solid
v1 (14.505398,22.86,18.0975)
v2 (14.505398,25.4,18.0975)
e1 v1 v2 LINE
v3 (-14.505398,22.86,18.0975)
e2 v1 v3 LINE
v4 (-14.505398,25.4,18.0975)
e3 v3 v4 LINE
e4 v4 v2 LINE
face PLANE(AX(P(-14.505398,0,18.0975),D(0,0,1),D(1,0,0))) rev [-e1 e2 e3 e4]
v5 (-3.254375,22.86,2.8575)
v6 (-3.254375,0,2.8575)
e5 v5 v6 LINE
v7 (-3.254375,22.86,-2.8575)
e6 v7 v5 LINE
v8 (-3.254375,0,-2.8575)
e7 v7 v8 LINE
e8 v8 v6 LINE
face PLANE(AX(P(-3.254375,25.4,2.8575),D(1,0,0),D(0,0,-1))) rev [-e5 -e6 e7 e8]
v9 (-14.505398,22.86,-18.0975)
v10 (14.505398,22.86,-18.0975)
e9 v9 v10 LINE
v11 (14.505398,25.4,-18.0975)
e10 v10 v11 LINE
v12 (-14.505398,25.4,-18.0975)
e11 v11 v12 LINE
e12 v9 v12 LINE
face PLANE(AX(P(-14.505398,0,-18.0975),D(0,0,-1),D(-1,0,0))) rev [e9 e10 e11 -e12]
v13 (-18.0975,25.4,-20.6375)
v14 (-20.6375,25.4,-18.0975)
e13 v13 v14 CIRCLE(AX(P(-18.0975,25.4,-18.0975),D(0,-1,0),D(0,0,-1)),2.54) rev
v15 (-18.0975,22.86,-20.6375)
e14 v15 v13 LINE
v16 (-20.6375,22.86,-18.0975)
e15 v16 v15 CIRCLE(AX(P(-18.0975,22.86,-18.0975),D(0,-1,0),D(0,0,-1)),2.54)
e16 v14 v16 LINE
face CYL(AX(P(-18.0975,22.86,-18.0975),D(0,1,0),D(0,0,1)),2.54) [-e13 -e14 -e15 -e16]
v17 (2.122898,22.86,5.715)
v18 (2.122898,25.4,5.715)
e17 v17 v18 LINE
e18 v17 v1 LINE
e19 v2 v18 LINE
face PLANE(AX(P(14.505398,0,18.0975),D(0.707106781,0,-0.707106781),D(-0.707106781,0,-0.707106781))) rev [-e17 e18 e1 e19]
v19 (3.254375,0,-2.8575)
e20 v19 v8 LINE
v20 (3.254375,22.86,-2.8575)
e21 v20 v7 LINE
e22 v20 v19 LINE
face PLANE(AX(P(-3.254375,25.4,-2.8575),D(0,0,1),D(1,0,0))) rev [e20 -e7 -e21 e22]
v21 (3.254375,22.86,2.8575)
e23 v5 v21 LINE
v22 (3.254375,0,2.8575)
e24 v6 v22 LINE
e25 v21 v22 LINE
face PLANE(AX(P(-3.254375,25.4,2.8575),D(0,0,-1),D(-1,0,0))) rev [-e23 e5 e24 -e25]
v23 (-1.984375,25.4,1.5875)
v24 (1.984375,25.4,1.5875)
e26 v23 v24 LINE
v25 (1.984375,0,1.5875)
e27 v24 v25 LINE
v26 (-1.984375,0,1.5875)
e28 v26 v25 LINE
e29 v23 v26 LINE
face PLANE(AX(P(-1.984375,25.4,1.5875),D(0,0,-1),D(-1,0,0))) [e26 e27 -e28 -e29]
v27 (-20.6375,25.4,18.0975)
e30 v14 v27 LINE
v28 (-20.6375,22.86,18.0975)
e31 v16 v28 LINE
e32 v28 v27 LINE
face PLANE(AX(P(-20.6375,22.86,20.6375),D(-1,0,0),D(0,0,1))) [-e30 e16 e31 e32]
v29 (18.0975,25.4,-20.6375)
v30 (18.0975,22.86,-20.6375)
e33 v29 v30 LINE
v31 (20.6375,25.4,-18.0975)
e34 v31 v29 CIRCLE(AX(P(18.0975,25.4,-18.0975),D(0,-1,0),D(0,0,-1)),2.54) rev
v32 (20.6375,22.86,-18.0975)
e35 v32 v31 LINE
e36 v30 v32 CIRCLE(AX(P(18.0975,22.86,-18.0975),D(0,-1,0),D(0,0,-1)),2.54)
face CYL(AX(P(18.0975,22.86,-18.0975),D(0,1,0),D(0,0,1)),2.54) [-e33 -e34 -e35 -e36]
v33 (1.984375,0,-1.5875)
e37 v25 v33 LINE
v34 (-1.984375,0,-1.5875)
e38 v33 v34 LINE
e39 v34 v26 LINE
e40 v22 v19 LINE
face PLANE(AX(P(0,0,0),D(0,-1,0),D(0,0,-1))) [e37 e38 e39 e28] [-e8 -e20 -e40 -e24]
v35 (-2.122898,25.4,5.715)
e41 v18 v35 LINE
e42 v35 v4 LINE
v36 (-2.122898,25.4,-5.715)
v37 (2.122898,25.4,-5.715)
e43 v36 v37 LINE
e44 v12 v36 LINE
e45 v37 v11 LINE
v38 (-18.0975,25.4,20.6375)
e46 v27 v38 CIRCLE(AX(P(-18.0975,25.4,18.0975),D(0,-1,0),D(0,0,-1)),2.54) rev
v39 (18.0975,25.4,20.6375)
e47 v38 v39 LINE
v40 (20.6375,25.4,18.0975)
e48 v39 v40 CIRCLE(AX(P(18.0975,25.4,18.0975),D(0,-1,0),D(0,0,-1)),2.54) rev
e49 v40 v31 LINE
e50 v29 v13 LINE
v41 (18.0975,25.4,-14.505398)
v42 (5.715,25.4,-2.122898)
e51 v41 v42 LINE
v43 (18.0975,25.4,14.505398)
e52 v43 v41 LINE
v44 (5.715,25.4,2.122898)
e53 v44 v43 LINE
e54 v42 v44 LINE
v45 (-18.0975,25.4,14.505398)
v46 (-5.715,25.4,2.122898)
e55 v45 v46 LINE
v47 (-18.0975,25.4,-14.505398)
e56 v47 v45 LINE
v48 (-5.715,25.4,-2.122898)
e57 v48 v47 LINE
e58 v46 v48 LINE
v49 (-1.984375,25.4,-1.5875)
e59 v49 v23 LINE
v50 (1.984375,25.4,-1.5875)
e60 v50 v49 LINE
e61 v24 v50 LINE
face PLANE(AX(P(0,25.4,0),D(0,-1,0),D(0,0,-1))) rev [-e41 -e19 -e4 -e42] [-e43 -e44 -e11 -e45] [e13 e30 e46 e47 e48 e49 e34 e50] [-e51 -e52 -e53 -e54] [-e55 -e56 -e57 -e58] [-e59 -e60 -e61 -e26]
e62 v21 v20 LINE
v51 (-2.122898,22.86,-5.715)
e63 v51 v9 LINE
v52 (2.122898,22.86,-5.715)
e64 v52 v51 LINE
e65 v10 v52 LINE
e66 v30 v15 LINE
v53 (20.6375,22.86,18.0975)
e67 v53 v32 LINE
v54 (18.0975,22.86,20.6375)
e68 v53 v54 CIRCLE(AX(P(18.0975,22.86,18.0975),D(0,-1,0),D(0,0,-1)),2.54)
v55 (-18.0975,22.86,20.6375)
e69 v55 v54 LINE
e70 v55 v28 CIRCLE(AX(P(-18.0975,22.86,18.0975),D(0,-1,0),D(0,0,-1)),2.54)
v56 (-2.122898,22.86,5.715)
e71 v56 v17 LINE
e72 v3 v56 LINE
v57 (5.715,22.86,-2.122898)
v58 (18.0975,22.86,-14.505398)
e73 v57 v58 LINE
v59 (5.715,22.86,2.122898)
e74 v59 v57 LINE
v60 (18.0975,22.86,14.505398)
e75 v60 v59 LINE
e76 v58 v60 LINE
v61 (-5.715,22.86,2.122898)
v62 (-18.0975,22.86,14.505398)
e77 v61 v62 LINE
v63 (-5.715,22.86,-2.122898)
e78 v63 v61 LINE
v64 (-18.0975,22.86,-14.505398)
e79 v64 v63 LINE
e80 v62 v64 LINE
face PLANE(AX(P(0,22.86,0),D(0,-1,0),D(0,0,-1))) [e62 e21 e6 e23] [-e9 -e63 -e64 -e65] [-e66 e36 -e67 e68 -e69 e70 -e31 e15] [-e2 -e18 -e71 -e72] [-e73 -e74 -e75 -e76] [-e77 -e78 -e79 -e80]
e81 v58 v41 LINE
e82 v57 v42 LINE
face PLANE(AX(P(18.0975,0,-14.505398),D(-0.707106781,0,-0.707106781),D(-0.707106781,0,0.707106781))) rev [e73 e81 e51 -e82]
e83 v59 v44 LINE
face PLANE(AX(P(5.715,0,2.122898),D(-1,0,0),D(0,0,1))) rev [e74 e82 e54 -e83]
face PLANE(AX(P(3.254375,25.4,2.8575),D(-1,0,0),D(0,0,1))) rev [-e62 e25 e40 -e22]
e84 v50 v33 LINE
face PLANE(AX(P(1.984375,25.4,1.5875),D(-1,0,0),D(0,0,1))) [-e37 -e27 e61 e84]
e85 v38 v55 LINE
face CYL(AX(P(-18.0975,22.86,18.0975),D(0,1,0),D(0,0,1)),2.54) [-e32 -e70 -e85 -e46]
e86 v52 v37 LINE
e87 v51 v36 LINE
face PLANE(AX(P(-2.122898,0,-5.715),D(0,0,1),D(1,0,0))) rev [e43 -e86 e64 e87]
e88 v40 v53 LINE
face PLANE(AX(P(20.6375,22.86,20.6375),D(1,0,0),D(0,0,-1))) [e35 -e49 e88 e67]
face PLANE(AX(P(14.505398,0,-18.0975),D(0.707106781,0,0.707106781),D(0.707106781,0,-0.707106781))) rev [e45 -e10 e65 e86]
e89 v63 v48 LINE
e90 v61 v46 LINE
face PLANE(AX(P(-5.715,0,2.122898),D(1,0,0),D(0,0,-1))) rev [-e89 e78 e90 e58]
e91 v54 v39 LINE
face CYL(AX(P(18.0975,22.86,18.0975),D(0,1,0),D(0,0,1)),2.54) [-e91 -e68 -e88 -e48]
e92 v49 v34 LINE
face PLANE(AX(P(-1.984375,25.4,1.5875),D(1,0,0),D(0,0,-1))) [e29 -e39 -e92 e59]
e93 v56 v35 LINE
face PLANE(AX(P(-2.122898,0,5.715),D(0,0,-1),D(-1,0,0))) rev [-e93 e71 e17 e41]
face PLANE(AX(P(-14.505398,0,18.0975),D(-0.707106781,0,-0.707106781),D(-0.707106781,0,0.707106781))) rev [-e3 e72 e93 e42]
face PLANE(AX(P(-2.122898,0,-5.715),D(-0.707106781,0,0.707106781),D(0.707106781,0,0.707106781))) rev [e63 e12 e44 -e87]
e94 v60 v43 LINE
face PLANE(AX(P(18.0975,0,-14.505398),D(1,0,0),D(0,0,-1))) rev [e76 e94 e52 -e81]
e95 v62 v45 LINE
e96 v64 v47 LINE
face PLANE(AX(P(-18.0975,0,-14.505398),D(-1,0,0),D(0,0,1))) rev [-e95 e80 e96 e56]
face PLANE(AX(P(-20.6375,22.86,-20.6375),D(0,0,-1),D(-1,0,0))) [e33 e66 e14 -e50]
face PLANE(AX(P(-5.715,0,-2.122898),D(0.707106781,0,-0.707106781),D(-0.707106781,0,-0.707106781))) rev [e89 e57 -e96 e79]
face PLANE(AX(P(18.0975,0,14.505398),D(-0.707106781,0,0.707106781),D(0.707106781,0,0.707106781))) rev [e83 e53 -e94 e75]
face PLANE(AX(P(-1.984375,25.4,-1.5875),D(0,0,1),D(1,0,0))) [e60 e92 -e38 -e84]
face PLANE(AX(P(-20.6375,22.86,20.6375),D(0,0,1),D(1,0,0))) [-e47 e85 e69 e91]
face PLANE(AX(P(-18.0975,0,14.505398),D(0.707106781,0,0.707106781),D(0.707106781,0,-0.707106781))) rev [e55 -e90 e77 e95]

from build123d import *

# Parameters (mm, degrees)
SKETCH1_W           = 6.50875
SKETCH1_H           = 5.715
SKETCH1_W_2         = 3.96875
SKETCH1_H_2         = 3.175
BOSS_EXTRUDE1_DEPTH = 25.4
SKETCH2_W           = 41.275
SKETCH2_H           = 41.275
SKETCH2_W_2         = 6.50875
SKETCH2_H_2         = 5.715
BOSS_EXTRUDE2_DEPTH = 2.54
CUT_EXTRUDE1_DEPTH  = 39.690732902
FILLET1_R           = 2.54


with BuildPart() as part:
    # Sketch1 → Boss-Extrude1 (new body)
    with BuildSketch(Plane(origin=(0, 0, 0), x_dir=(1, 0, 0), z_dir=(0, 1, 0))):
        Rectangle(SKETCH1_W, SKETCH1_H)
        Rectangle(SKETCH1_W_2, SKETCH1_H_2, mode=Mode.SUBTRACT)
    extrude(amount=BOSS_EXTRUDE1_DEPTH)

    # Sketch2 → Boss-Extrude2 (add)
    with BuildSketch(Plane(origin=(0, 25.4, 0), x_dir=(1, 0, 0), z_dir=(0, 1, 0))):
        Rectangle(SKETCH2_W, SKETCH2_H)
        Rectangle(SKETCH2_W_2, SKETCH2_H_2, mode=Mode.SUBTRACT)
    extrude(amount=-BOSS_EXTRUDE2_DEPTH)

    # Sketch3 → Cut-Extrude1 (cut, through all)
    with BuildSketch(Plane(origin=(0, 25.4, 0), x_dir=(1, 0, 0), z_dir=(0, 1, 0))):
        Polygon((-2.122897552, 5.715), (-14.505397552, 18.0975), (14.505397552, 18.0975), (2.122897552, 5.715), align=None)
        Polygon((-5.715, 2.122897552), (-18.0975, 14.505397552), (-18.0975, -14.505397552), (-5.715, -2.122897552), align=None)
        Polygon((-14.505397552, -18.0975), (-2.122897552, -5.715), (2.122897552, -5.715), (14.505397552, -18.0975), align=None)
        Polygon((18.0975, 14.505397552), (5.715, 2.122897552), (5.715, -2.122897552), (18.0975, -14.505397552), align=None)
    extrude(amount=-CUT_EXTRUDE1_DEPTH, mode=Mode.SUBTRACT)

    # Fillet1
    fillet1_edges = [part.edges().sort_by_distance(p)[0] for p in [
        (20.6375, 24.13, -20.6375),
        (20.6375, 24.13, 20.6375),
        (-20.6375, 24.13, 20.6375),
        (-20.6375, 24.13, -20.6375),
    ]]
    fillet(fillet1_edges, radius=FILLET1_R)


solid = part.part
